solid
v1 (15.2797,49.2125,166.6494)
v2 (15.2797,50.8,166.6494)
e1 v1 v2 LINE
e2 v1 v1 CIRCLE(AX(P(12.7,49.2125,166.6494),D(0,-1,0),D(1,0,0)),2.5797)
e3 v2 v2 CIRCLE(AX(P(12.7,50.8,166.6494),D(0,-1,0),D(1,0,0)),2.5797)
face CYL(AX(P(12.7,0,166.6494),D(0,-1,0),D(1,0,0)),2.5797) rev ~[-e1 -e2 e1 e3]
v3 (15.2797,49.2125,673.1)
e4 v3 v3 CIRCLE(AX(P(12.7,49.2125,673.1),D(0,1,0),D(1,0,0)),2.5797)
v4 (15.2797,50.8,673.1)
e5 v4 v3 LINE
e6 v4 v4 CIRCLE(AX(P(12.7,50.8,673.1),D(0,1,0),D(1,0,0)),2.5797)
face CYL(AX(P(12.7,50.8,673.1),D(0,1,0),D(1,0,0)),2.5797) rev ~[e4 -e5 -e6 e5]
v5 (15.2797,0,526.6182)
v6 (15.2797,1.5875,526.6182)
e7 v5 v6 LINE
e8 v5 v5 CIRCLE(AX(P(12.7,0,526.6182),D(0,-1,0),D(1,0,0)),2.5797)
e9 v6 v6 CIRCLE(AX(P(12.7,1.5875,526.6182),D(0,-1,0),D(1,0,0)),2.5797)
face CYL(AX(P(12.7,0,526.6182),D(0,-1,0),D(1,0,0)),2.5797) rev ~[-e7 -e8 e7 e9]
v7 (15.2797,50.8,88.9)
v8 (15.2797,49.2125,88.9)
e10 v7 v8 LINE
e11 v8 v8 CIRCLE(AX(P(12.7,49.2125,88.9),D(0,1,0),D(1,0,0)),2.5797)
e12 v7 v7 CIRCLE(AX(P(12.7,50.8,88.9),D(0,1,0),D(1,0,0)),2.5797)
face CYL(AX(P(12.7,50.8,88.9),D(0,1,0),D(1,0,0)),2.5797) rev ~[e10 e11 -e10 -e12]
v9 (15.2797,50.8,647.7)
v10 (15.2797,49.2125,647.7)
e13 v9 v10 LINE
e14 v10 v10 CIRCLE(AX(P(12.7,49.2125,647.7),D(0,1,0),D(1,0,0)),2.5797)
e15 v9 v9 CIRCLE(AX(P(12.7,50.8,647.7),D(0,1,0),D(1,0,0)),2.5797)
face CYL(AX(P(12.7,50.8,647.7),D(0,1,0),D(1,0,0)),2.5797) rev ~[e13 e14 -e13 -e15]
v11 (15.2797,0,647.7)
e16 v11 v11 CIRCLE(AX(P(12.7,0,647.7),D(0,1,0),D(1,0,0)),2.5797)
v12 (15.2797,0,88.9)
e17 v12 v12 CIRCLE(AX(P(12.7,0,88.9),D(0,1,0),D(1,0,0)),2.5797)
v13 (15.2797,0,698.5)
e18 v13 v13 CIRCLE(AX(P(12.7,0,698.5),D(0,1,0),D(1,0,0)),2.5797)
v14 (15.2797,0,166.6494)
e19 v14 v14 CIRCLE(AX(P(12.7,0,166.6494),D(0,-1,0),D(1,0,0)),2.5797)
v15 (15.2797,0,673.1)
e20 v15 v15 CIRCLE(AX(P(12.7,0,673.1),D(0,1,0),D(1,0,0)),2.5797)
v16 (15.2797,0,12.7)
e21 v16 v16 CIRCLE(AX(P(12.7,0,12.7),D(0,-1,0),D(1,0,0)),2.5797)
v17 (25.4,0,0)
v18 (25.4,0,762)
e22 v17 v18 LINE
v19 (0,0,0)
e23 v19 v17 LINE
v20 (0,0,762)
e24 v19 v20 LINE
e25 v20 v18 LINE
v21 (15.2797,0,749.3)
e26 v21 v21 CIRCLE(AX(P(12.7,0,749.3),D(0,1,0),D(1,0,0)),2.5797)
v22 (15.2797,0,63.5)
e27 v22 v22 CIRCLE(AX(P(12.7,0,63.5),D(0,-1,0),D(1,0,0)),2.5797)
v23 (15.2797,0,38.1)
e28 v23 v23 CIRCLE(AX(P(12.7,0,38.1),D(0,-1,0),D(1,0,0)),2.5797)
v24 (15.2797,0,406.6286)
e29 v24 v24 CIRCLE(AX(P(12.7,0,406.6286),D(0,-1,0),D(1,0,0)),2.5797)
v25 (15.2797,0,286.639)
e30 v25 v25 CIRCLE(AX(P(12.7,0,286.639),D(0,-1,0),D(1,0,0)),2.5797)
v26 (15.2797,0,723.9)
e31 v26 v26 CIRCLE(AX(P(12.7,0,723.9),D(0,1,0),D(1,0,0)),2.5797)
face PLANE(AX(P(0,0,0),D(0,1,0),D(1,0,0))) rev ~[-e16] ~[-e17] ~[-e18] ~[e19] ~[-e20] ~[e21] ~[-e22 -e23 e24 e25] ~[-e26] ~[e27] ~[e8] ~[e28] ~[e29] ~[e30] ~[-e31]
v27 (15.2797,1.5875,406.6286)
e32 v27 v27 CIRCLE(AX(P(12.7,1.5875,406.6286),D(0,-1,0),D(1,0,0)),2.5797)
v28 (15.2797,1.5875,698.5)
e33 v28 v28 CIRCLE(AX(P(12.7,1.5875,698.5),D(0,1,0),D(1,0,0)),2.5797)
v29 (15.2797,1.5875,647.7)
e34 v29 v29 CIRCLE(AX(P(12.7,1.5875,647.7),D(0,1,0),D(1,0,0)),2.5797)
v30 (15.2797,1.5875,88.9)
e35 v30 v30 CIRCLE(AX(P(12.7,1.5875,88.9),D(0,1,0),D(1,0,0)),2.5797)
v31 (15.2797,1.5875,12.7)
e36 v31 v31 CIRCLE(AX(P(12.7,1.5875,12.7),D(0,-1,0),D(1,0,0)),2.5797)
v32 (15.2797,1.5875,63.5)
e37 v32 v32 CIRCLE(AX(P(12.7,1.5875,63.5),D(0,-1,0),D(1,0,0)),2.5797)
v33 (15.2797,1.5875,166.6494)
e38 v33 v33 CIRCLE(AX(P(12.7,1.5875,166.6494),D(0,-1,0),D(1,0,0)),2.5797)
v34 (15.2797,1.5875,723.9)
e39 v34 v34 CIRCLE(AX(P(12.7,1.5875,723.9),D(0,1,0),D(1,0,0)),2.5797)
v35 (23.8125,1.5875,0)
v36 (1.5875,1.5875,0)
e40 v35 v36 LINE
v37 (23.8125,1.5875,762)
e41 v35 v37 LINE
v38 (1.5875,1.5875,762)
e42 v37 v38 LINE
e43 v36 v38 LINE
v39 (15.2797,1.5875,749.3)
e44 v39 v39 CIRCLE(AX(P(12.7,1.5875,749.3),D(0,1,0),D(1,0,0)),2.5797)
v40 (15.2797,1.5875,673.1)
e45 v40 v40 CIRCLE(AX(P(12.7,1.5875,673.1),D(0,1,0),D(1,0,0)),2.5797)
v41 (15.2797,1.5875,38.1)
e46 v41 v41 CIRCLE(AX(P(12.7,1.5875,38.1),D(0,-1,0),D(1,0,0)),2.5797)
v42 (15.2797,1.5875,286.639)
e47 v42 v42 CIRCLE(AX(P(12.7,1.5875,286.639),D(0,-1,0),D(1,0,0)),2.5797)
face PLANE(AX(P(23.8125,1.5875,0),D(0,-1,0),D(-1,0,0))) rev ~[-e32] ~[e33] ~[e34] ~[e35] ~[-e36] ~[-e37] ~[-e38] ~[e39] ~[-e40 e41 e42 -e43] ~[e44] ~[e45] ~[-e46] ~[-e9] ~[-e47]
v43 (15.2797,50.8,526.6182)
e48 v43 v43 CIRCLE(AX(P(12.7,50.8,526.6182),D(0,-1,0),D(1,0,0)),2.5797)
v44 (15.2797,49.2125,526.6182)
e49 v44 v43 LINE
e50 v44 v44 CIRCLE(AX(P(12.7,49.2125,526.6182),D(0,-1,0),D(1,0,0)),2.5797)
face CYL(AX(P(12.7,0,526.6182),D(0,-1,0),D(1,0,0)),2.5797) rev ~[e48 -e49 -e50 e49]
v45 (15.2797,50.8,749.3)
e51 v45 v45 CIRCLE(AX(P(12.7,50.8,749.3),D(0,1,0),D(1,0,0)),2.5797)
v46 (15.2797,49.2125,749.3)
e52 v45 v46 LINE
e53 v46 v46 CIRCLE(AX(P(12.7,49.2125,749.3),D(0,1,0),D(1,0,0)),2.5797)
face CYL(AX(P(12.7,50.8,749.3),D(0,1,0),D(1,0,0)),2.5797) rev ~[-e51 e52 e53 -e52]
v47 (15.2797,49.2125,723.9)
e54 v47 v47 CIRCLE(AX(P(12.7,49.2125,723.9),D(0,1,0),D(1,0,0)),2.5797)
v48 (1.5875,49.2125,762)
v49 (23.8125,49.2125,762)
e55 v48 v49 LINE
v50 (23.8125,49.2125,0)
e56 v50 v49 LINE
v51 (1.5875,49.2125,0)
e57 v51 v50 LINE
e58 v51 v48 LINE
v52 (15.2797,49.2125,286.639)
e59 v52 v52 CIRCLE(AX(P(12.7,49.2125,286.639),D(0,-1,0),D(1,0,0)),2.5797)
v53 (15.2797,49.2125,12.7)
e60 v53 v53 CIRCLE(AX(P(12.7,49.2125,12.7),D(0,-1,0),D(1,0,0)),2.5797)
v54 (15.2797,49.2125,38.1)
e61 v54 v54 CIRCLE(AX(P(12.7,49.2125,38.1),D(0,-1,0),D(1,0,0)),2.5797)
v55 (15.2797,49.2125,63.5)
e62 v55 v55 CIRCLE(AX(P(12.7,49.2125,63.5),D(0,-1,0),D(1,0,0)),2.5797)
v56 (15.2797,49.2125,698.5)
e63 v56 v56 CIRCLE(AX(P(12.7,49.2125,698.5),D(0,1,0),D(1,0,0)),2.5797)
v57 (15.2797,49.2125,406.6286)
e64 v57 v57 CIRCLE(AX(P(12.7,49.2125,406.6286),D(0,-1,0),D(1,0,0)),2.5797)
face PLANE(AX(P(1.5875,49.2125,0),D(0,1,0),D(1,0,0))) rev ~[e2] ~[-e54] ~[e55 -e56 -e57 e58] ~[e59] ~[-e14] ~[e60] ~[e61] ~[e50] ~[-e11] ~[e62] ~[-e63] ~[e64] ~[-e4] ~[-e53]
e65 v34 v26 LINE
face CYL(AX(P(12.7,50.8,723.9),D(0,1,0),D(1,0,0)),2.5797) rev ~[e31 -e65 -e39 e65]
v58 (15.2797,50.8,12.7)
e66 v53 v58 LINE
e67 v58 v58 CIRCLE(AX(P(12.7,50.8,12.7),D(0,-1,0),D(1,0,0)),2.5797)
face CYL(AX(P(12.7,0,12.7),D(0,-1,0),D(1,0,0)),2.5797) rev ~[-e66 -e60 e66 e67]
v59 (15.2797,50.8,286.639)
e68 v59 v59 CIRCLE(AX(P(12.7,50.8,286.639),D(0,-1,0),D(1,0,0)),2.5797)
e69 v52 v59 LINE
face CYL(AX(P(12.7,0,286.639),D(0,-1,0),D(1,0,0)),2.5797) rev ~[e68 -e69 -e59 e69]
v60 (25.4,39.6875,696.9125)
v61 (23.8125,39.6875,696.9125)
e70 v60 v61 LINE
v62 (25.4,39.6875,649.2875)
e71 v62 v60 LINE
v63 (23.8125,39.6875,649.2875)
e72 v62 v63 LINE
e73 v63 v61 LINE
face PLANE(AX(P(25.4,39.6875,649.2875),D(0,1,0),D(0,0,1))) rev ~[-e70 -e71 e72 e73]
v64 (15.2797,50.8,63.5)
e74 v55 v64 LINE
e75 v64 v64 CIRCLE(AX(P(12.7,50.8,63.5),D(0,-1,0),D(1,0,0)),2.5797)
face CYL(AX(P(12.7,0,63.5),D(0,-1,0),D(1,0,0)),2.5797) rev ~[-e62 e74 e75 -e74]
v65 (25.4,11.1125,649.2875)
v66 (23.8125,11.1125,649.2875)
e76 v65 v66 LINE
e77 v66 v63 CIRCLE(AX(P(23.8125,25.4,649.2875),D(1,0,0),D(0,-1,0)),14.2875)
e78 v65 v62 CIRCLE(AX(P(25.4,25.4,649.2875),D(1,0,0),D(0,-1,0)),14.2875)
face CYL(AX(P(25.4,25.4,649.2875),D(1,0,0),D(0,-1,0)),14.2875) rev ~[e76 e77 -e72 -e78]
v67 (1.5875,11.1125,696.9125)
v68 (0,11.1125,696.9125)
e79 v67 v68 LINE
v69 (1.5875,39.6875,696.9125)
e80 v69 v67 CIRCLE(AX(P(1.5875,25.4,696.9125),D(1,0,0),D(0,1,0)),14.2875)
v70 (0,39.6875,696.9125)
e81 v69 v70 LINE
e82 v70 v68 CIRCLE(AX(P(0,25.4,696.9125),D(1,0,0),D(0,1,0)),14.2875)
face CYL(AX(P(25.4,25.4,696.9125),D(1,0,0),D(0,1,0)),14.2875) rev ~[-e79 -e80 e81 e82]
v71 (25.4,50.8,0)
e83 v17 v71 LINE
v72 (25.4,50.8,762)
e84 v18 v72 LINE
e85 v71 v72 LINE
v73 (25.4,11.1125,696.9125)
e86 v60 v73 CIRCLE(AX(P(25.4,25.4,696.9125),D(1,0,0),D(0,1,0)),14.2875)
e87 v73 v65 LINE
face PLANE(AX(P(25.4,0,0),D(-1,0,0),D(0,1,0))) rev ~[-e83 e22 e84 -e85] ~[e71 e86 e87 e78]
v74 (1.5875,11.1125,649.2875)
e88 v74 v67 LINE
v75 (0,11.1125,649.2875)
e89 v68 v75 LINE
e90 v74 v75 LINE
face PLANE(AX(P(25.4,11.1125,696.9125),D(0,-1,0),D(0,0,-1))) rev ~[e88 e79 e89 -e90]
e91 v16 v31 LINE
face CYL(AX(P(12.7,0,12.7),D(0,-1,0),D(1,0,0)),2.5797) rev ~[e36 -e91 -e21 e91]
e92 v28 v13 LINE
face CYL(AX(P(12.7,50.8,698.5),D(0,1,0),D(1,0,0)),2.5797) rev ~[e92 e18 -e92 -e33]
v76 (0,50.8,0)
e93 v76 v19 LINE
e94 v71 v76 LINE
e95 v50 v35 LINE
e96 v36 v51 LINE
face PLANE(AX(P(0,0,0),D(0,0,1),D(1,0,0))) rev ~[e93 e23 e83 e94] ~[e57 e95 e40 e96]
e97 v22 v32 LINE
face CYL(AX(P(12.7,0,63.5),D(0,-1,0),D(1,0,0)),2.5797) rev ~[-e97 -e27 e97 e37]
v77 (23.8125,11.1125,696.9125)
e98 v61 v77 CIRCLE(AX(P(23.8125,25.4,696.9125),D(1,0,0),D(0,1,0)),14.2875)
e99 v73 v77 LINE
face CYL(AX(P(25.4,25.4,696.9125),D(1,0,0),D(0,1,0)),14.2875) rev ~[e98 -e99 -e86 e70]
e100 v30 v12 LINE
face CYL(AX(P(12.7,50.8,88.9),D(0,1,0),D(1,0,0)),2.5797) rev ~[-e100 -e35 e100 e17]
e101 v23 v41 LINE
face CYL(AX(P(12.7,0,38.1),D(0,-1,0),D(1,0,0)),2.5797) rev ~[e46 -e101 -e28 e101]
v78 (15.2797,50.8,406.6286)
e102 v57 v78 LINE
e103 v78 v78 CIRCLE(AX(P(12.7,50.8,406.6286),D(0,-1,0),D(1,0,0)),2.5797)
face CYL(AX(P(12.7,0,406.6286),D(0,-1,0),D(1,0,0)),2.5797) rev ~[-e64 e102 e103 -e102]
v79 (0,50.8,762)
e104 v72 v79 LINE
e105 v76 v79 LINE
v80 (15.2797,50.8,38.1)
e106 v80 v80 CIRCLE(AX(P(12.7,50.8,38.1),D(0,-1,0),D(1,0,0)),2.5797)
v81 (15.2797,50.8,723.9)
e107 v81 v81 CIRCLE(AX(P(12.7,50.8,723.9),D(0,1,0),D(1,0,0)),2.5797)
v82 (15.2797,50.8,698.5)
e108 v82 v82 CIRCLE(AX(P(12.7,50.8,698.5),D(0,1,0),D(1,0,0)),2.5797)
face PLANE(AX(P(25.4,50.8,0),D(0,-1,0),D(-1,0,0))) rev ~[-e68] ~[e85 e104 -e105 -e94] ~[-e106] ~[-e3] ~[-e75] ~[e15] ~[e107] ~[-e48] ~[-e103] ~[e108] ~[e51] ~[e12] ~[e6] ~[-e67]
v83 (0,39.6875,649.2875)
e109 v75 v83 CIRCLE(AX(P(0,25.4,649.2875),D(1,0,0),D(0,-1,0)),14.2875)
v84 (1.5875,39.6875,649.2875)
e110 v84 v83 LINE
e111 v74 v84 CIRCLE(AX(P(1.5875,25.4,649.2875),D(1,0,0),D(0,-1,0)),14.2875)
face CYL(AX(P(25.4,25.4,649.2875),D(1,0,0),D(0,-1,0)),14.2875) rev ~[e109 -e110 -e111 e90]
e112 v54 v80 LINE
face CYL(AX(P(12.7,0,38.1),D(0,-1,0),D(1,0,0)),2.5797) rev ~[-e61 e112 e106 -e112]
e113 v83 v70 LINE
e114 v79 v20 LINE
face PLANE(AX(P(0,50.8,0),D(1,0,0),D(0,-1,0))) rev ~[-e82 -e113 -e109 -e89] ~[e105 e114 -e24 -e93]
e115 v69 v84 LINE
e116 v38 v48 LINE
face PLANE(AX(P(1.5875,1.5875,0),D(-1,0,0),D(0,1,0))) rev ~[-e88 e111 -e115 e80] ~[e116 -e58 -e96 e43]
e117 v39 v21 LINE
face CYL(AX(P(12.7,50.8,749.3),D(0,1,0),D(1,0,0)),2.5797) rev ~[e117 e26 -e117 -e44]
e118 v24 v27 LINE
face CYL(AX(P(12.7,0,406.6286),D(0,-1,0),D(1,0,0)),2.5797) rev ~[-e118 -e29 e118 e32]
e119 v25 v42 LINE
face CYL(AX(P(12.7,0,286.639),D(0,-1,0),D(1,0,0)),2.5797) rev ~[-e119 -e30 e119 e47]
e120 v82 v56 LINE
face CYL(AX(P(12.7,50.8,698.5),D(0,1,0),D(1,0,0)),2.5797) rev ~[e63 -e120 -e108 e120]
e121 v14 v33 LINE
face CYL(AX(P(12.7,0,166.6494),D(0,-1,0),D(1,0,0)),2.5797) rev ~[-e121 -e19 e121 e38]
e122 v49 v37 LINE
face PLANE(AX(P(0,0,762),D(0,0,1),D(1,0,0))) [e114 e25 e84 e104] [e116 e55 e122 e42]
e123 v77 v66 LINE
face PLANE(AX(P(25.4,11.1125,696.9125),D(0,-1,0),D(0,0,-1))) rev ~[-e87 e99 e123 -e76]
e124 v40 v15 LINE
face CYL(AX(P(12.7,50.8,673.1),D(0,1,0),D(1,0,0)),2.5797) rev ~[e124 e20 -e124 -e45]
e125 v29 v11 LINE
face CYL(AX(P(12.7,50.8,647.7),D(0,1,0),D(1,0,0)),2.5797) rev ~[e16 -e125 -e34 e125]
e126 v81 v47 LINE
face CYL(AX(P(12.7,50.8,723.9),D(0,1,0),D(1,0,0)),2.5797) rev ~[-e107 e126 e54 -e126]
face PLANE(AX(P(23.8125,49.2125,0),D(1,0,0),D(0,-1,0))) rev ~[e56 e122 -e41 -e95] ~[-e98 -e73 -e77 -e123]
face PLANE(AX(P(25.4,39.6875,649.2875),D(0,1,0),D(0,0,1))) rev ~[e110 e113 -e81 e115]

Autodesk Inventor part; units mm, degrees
ref_plane "YZ Plane" through (0, 0, 0) normal (1, 0, 0) x (0, 1, 0)
ref_plane "XZ Plane" through (0, 0, 0) normal (0, 1, 0) x (-1, 0, 0)
ref_plane "XY Plane" through (0, 0, 0) normal (0, 0, 1) x (1, 0, 0)
sketch "Sketch1" plane through (0, 0, 0) normal (0, 0, 1) x (1, 0, 0)
  line L0 (0, 0) -> (25.4, 0)
  line L1 (25.4, 0) -> (25.4, 50.8)
  line L2 (25.4, 50.8) -> (0, 50.8)
  line L3 (0, 50.8) -> (0, 0)
  line L4 (23.8125, 49.2125) -> (23.8125, 1.5875)
  line L5 (23.8125, 1.5875) -> (1.5875, 1.5875)
  line L6 (1.5875, 1.5875) -> (1.5875, 49.2125)
  line L7 (1.5875, 49.2125) -> (23.8125, 49.2125)
  dimension "d0" = 25.4
  dimension "d1" = 50.8
  dimension "d2" = 1.5875
extrude "Extrusion1" add sketch "Sketch1" along normal blind 762
sketch "Sketch2" plane through (0, 0, 0) normal (0, -1, 0) x (1, 0, 0)
  line L0 (1.5875, 762) -> (23.8125, 762) construction
  line L1 (12.7, 762) -> (12.7, 646.6078) construction
  line L2 (12.7, 646.6078) -> (12.7, 526.6182) construction
  line L3 (12.7, 526.6182) -> (12.7, 406.6286) construction
  line L4 (12.7, 406.6286) -> (12.7, 286.639) construction
  line L5 (12.7, 286.639) -> (12.7, 166.6494) construction
  line L6 (23.8125, 0) -> (1.5875, 0) construction
  line L7 (12.7, 0) -> (12.7, 12.7) construction
  line L8 (12.7, 12.7) -> (12.7, 38.1) construction
  line L9 (12.7, 38.1) -> (12.7, 63.5) construction
  line L10 (12.7, 63.5) -> (12.7, 88.9) construction
  circle A0 centre (12.7, 12.7) radius 2.5797
  circle A1 centre (12.7, 38.1) radius 2.5797
  circle A2 centre (12.7, 63.5) radius 2.5797
  circle A3 centre (12.7, 166.6494) radius 2.5797
  circle A4 centre (12.7, 286.639) radius 2.5797
  circle A5 centre (12.7, 406.6286) radius 2.5797
  circle A6 centre (12.7, 526.6182) radius 2.5797
  point P0 (0, 0)
  dimension "d5" = 115.3922
  dimension "d6" = 119.9896
  dimension "d7" = 119.9896
  dimension "d8" = 119.9896
  dimension "d9" = 119.9896
  dimension "d10" = 12.7
  dimension "d11" = 25.4
  dimension "d12" = 25.4
  dimension "d13" = 25.4
  dimension "d14" = 5.1594
  dimension "d15" = 5.1594
  dimension "d16" = 5.1594
  dimension "d18" = 5.1594
  dimension "d19" = 5.1594
  dimension "d20" = 5.1594
  dimension "d21" = 5.1594
sketch "Sketch3" plane through (0, 50.8, 0) normal (0, 1, 0) x (1, 0, 0)
  line L0 (0, -762) -> (25.4, -762) construction
  line L1 (12.7, -762) -> (12.7, -749.3) construction
  circle A0 centre (12.7, -749.3) radius 2.5797
  point P0 (0, 0)
  dimension "d27" = 12.7
  dimension "d28" = 5.1594
extrude "Extrusion4" cut sketch "Sketch3" against normal blind 525.4625
sketch "Sketch6" plane through (0, 50.8, 0) normal (0, 1, 0) x (1, 0, 0)
  line L0 (0, -762) -> (25.4, -762) construction
  line L1 (12.7, -762) -> (12.7, -673.1) construction
  line L2 (12.7, -673.1) -> (12.7, -698.5) construction
  line L3 (12.7, -698.5) -> (12.7, -647.7) construction
  circle A0 centre (12.7, -698.5) radius 2.5797
  circle A1 centre (12.7, -673.1) radius 2.5797
  circle A2 centre (12.7, -647.7) radius 2.5797
  point P0 (0, 0)
  dimension "d53" = 88.9
  dimension "d54" = 25.4
  dimension "d55" = 50.8
  dimension "d56" = 5.1594
  dimension "d61" = 5.1594
  dimension "d62" = 5.1594
extrude "Extrusion7" cut sketch "Sketch6" against normal blind 107.95
extrude "Extrusion8" cut sketch "Sketch2" against normal blind 107.95
sketch "Sketch7" plane through (25.4, 0, 0) normal (1, 0, 0) x (0, 0, -1)
  line L0 (-762, 50.8) -> (-762, 0) projected
  line L1 (-762, 25.4) -> (-711.2, 25.4) construction
  line L2 (-711.2, 25.4) -> (-635, 25.4) construction
  line L3 (-635, 25.4) -> (-711.2, 25.4) construction
  line L4 (-649.2875, 39.6875) -> (-696.9125, 39.6875)
  line L5 (-696.9125, 11.1125) -> (-649.2875, 11.1125)
  arc A0 (-649.2875, 11.1125) -> (-649.2875, 39.6875) centre (-649.2875, 25.4) ccw
  arc A1 (-696.9125, 39.6875) -> (-696.9125, 11.1125) centre (-696.9125, 25.4) ccw
  point P0 (0, 0)
  point P1 (-673.1, 25.4)
  dimension "d63" = 50.8
  dimension "d64" = 76.2
  dimension "d65" = 28.575
extrude "Extrusion9" cut sketch "Sketch7" against normal blind 25.4
sketch "Sketch8" plane through (0, 50.8, 0) normal (0, 1, 0) x (1, 0, 0)
  line L0 (0, -762) -> (25.4, -762) construction
  line L1 (12.7, -762) -> (12.7, -723.9) construction
  circle A0 centre (12.7, -723.9) radius 2.5797
  line L2 (0, 0) -> (25.4, 0) construction
  line L3 (12.7, 0) -> (12.7, -88.9) construction
  circle A1 centre (12.7, -88.9) radius 2.5797
  dimension "d68" = 38.1
  dimension "d69" = 5.1594
  dimension "d72" = 88.9
extrude "Extrusion11" cut sketch "Sketch8" against normal blind 50.8
properties part number "1x2 30in"
